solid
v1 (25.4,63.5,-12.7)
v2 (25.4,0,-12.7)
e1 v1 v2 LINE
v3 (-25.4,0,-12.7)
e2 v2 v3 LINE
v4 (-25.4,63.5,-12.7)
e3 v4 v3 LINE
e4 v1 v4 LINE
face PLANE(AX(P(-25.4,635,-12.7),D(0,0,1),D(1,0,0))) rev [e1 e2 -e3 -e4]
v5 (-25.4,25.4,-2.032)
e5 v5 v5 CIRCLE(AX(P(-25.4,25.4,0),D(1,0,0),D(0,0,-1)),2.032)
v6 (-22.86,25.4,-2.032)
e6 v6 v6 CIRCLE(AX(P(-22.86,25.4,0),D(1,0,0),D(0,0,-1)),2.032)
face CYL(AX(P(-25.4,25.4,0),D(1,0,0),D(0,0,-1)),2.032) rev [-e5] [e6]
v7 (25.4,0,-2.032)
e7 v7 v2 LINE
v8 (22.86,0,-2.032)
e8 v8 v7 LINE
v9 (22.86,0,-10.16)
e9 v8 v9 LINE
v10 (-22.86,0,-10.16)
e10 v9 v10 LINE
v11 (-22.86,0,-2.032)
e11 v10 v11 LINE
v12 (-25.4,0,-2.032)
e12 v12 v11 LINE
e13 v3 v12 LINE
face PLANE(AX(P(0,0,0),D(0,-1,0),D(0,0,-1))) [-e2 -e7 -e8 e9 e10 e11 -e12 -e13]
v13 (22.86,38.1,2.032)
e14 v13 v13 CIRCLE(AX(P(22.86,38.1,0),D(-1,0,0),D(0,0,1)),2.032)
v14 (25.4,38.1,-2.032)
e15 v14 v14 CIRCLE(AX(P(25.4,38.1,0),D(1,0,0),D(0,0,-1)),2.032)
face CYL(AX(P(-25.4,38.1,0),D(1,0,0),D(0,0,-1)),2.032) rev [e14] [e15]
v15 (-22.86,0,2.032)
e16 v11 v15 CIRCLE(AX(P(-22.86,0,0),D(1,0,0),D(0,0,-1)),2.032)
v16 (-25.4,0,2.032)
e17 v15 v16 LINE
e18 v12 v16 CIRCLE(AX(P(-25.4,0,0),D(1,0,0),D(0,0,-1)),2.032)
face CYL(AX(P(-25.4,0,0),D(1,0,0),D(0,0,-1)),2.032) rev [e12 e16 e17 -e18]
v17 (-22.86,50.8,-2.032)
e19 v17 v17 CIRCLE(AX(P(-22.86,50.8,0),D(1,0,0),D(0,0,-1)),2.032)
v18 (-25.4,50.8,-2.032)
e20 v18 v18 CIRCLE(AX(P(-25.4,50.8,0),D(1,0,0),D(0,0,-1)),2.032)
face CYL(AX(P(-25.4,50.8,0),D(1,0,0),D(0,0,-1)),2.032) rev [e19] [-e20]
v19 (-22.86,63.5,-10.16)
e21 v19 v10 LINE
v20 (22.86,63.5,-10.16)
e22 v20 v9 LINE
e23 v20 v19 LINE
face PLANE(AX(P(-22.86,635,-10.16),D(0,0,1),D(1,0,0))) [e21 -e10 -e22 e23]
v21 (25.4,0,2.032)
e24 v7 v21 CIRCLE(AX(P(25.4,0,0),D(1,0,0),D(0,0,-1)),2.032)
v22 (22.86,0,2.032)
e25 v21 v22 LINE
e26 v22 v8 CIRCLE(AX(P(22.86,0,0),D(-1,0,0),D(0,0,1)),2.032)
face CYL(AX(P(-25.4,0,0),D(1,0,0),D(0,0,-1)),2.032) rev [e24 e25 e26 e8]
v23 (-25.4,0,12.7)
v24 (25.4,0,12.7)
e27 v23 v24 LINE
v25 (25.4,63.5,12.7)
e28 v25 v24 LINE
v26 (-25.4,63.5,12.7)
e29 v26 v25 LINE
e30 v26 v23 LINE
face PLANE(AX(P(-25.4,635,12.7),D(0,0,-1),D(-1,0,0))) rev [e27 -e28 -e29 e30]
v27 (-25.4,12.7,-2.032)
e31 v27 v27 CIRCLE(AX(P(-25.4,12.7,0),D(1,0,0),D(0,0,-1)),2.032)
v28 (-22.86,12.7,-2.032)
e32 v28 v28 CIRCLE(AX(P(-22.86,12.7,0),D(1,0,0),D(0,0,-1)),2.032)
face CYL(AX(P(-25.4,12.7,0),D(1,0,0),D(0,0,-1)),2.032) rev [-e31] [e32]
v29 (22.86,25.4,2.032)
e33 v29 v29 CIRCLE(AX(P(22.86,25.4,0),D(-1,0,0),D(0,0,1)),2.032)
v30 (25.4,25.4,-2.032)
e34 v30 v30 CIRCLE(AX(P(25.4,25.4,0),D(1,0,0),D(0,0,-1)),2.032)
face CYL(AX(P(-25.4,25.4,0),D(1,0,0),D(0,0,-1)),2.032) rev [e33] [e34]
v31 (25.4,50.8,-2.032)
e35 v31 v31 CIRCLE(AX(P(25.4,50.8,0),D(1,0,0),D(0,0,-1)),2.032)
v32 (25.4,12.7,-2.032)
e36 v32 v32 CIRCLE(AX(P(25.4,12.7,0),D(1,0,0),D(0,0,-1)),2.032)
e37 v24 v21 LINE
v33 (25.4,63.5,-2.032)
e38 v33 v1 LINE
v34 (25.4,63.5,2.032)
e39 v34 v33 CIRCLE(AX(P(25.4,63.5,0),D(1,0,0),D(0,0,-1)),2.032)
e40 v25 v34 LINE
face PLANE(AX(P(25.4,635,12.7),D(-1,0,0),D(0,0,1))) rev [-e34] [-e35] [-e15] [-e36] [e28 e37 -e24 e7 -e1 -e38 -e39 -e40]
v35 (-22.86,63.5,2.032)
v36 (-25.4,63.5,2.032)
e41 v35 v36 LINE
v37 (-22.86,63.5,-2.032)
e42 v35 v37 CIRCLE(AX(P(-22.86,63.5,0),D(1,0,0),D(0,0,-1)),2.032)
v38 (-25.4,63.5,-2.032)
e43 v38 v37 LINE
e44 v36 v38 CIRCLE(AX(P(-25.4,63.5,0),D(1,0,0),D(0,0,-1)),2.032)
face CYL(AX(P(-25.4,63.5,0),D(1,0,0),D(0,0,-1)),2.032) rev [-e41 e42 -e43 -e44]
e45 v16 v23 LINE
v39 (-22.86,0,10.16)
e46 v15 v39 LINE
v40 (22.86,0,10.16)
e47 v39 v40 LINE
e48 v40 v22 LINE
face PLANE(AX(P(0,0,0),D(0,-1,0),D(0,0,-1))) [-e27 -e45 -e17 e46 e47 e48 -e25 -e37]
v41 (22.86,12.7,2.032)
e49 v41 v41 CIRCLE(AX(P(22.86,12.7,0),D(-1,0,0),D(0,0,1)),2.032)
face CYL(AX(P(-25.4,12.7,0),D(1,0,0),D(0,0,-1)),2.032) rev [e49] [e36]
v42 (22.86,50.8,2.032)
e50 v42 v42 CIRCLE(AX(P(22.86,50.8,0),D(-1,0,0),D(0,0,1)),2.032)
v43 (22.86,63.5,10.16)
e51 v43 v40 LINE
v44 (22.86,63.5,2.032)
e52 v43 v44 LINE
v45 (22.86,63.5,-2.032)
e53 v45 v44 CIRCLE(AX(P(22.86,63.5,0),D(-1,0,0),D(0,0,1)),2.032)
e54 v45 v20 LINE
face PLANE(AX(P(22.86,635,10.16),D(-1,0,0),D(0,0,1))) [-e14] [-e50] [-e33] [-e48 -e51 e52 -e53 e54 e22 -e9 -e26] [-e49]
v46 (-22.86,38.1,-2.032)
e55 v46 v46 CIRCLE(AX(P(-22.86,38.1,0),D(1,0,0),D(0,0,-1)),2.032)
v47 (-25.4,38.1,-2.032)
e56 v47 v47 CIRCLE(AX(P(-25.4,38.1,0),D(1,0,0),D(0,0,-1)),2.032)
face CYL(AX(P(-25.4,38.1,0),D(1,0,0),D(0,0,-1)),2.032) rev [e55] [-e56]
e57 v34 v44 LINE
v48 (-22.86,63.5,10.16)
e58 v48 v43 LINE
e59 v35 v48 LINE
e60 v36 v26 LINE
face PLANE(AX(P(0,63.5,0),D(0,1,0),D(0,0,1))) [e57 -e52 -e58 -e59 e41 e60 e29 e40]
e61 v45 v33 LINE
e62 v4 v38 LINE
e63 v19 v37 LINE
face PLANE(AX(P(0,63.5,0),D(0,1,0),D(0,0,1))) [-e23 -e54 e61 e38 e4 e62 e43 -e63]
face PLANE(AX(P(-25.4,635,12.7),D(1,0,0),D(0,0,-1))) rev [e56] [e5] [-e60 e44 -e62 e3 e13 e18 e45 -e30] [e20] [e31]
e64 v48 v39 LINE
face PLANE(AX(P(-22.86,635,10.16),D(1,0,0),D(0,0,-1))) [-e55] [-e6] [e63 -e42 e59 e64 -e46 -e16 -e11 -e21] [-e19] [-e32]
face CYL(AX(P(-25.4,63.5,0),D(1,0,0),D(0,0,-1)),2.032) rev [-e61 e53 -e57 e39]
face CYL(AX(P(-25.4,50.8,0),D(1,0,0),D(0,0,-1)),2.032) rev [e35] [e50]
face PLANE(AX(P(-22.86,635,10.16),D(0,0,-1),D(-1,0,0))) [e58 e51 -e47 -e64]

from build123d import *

# Parameters (mm, degrees)
SKETCH2_W           = 50.8
SKETCH2_H           = 25.4
SKETCH2_W_2         = 45.72
SKETCH2_H_2         = 20.32
BOSS_EXTRUDE1_DEPTH = 635
SKETCH3_R           = 2.032
CUT_EXTRUDE1_DEPTH  = 638.155342126
SKETCH6_W           = 50.8
SKETCH6_H           = 25.4
CUT_EXTRUDE4_DEPTH  = 571.5


with BuildPart() as part:
    # Sketch2 → Boss-Extrude1 (new body)
    with BuildSketch(Plane(origin=(0, 0, 0), x_dir=(1, 0, 0), z_dir=(0, 1, 0))):
        Rectangle(SKETCH2_W, SKETCH2_H)
        Rectangle(SKETCH2_W_2, SKETCH2_H_2, mode=Mode.SUBTRACT)
    extrude(amount=BOSS_EXTRUDE1_DEPTH)

    # Sketch3 → Cut-Extrude1 (cut, through all)
    with BuildSketch(Plane(origin=(25.4, 0, 0), x_dir=(0, 0, -1), z_dir=(1, 0, 0))):
        Circle(SKETCH3_R)
        with Locations((0, 12.7)):
            Circle(SKETCH3_R)
        with Locations((0, 25.4)):
            Circle(SKETCH3_R)
        with Locations((0, 38.1)):
            Circle(SKETCH3_R)
        with Locations((0, 50.8)):
            Circle(SKETCH3_R)
        with Locations((0, 63.5)):
            Circle(SKETCH3_R)
        with Locations((0, 76.2)):
            Circle(SKETCH3_R)
        with Locations((0, 88.9)):
            Circle(SKETCH3_R)
        with Locations((0, 101.6)):
            Circle(SKETCH3_R)
        with Locations((0, 114.3)):
            Circle(SKETCH3_R)
        with Locations((0, 127)):
            Circle(SKETCH3_R)
        with Locations((0, 139.7)):
            Circle(SKETCH3_R)
        with Locations((0, 152.4)):
            Circle(SKETCH3_R)
        with Locations((0, 165.1)):
            Circle(SKETCH3_R)
        with Locations((0, 177.8)):
            Circle(SKETCH3_R)
        with Locations((0, 190.5)):
            Circle(SKETCH3_R)
        with Locations((0, 203.2)):
            Circle(SKETCH3_R)
        with Locations((0, 215.9)):
            Circle(SKETCH3_R)
        with Locations((0, 228.6)):
            Circle(SKETCH3_R)
        with Locations((0, 241.3)):
            Circle(SKETCH3_R)
        with Locations((0, 254)):
            Circle(SKETCH3_R)
        with Locations((0, 266.7)):
            Circle(SKETCH3_R)
        with Locations((0, 279.4)):
            Circle(SKETCH3_R)
        with Locations((0, 292.1)):
            Circle(SKETCH3_R)
        with Locations((0, 304.8)):
            Circle(SKETCH3_R)
        with Locations((0, 317.5)):
            Circle(SKETCH3_R)
        with Locations((0, 330.2)):
            Circle(SKETCH3_R)
        with Locations((0, 342.9)):
            Circle(SKETCH3_R)
        with Locations((0, 355.6)):
            Circle(SKETCH3_R)
        with Locations((0, 368.3)):
            Circle(SKETCH3_R)
        with Locations((0, 381)):
            Circle(SKETCH3_R)
        with Locations((0, 393.7)):
            Circle(SKETCH3_R)
        with Locations((0, 406.4)):
            Circle(SKETCH3_R)
        with Locations((0, 419.1)):
            Circle(SKETCH3_R)
        with Locations((0, 431.8)):
            Circle(SKETCH3_R)
        with Locations((0, 444.5)):
            Circle(SKETCH3_R)
        with Locations((0, 457.2)):
            Circle(SKETCH3_R)
        with Locations((0, 469.9)):
            Circle(SKETCH3_R)
        with Locations((0, 482.6)):
            Circle(SKETCH3_R)
        with Locations((0, 495.3)):
            Circle(SKETCH3_R)
        with Locations((0, 508)):
            Circle(SKETCH3_R)
        with Locations((0, 520.7)):
            Circle(SKETCH3_R)
        with Locations((0, 533.4)):
            Circle(SKETCH3_R)
        with Locations((0, 546.1)):
            Circle(SKETCH3_R)
        with Locations((0, 558.8)):
            Circle(SKETCH3_R)
        with Locations((0, 571.5)):
            Circle(SKETCH3_R)
        with Locations((0, 584.2)):
            Circle(SKETCH3_R)
        with Locations((0, 596.9)):
            Circle(SKETCH3_R)
        with Locations((0, 609.6)):
            Circle(SKETCH3_R)
        with Locations((0, 622.3)):
            Circle(SKETCH3_R)
    extrude(amount=-CUT_EXTRUDE1_DEPTH, mode=Mode.SUBTRACT)

    # Sketch6 → Cut-Extrude4 (cut)
    with BuildSketch(Plane(origin=(0, 635, 0), x_dir=(1, 0, 0), z_dir=(0, 1, 0))):
        Rectangle(SKETCH6_W, SKETCH6_H)
    extrude(amount=-CUT_EXTRUDE4_DEPTH, mode=Mode.SUBTRACT)


solid = part.part
